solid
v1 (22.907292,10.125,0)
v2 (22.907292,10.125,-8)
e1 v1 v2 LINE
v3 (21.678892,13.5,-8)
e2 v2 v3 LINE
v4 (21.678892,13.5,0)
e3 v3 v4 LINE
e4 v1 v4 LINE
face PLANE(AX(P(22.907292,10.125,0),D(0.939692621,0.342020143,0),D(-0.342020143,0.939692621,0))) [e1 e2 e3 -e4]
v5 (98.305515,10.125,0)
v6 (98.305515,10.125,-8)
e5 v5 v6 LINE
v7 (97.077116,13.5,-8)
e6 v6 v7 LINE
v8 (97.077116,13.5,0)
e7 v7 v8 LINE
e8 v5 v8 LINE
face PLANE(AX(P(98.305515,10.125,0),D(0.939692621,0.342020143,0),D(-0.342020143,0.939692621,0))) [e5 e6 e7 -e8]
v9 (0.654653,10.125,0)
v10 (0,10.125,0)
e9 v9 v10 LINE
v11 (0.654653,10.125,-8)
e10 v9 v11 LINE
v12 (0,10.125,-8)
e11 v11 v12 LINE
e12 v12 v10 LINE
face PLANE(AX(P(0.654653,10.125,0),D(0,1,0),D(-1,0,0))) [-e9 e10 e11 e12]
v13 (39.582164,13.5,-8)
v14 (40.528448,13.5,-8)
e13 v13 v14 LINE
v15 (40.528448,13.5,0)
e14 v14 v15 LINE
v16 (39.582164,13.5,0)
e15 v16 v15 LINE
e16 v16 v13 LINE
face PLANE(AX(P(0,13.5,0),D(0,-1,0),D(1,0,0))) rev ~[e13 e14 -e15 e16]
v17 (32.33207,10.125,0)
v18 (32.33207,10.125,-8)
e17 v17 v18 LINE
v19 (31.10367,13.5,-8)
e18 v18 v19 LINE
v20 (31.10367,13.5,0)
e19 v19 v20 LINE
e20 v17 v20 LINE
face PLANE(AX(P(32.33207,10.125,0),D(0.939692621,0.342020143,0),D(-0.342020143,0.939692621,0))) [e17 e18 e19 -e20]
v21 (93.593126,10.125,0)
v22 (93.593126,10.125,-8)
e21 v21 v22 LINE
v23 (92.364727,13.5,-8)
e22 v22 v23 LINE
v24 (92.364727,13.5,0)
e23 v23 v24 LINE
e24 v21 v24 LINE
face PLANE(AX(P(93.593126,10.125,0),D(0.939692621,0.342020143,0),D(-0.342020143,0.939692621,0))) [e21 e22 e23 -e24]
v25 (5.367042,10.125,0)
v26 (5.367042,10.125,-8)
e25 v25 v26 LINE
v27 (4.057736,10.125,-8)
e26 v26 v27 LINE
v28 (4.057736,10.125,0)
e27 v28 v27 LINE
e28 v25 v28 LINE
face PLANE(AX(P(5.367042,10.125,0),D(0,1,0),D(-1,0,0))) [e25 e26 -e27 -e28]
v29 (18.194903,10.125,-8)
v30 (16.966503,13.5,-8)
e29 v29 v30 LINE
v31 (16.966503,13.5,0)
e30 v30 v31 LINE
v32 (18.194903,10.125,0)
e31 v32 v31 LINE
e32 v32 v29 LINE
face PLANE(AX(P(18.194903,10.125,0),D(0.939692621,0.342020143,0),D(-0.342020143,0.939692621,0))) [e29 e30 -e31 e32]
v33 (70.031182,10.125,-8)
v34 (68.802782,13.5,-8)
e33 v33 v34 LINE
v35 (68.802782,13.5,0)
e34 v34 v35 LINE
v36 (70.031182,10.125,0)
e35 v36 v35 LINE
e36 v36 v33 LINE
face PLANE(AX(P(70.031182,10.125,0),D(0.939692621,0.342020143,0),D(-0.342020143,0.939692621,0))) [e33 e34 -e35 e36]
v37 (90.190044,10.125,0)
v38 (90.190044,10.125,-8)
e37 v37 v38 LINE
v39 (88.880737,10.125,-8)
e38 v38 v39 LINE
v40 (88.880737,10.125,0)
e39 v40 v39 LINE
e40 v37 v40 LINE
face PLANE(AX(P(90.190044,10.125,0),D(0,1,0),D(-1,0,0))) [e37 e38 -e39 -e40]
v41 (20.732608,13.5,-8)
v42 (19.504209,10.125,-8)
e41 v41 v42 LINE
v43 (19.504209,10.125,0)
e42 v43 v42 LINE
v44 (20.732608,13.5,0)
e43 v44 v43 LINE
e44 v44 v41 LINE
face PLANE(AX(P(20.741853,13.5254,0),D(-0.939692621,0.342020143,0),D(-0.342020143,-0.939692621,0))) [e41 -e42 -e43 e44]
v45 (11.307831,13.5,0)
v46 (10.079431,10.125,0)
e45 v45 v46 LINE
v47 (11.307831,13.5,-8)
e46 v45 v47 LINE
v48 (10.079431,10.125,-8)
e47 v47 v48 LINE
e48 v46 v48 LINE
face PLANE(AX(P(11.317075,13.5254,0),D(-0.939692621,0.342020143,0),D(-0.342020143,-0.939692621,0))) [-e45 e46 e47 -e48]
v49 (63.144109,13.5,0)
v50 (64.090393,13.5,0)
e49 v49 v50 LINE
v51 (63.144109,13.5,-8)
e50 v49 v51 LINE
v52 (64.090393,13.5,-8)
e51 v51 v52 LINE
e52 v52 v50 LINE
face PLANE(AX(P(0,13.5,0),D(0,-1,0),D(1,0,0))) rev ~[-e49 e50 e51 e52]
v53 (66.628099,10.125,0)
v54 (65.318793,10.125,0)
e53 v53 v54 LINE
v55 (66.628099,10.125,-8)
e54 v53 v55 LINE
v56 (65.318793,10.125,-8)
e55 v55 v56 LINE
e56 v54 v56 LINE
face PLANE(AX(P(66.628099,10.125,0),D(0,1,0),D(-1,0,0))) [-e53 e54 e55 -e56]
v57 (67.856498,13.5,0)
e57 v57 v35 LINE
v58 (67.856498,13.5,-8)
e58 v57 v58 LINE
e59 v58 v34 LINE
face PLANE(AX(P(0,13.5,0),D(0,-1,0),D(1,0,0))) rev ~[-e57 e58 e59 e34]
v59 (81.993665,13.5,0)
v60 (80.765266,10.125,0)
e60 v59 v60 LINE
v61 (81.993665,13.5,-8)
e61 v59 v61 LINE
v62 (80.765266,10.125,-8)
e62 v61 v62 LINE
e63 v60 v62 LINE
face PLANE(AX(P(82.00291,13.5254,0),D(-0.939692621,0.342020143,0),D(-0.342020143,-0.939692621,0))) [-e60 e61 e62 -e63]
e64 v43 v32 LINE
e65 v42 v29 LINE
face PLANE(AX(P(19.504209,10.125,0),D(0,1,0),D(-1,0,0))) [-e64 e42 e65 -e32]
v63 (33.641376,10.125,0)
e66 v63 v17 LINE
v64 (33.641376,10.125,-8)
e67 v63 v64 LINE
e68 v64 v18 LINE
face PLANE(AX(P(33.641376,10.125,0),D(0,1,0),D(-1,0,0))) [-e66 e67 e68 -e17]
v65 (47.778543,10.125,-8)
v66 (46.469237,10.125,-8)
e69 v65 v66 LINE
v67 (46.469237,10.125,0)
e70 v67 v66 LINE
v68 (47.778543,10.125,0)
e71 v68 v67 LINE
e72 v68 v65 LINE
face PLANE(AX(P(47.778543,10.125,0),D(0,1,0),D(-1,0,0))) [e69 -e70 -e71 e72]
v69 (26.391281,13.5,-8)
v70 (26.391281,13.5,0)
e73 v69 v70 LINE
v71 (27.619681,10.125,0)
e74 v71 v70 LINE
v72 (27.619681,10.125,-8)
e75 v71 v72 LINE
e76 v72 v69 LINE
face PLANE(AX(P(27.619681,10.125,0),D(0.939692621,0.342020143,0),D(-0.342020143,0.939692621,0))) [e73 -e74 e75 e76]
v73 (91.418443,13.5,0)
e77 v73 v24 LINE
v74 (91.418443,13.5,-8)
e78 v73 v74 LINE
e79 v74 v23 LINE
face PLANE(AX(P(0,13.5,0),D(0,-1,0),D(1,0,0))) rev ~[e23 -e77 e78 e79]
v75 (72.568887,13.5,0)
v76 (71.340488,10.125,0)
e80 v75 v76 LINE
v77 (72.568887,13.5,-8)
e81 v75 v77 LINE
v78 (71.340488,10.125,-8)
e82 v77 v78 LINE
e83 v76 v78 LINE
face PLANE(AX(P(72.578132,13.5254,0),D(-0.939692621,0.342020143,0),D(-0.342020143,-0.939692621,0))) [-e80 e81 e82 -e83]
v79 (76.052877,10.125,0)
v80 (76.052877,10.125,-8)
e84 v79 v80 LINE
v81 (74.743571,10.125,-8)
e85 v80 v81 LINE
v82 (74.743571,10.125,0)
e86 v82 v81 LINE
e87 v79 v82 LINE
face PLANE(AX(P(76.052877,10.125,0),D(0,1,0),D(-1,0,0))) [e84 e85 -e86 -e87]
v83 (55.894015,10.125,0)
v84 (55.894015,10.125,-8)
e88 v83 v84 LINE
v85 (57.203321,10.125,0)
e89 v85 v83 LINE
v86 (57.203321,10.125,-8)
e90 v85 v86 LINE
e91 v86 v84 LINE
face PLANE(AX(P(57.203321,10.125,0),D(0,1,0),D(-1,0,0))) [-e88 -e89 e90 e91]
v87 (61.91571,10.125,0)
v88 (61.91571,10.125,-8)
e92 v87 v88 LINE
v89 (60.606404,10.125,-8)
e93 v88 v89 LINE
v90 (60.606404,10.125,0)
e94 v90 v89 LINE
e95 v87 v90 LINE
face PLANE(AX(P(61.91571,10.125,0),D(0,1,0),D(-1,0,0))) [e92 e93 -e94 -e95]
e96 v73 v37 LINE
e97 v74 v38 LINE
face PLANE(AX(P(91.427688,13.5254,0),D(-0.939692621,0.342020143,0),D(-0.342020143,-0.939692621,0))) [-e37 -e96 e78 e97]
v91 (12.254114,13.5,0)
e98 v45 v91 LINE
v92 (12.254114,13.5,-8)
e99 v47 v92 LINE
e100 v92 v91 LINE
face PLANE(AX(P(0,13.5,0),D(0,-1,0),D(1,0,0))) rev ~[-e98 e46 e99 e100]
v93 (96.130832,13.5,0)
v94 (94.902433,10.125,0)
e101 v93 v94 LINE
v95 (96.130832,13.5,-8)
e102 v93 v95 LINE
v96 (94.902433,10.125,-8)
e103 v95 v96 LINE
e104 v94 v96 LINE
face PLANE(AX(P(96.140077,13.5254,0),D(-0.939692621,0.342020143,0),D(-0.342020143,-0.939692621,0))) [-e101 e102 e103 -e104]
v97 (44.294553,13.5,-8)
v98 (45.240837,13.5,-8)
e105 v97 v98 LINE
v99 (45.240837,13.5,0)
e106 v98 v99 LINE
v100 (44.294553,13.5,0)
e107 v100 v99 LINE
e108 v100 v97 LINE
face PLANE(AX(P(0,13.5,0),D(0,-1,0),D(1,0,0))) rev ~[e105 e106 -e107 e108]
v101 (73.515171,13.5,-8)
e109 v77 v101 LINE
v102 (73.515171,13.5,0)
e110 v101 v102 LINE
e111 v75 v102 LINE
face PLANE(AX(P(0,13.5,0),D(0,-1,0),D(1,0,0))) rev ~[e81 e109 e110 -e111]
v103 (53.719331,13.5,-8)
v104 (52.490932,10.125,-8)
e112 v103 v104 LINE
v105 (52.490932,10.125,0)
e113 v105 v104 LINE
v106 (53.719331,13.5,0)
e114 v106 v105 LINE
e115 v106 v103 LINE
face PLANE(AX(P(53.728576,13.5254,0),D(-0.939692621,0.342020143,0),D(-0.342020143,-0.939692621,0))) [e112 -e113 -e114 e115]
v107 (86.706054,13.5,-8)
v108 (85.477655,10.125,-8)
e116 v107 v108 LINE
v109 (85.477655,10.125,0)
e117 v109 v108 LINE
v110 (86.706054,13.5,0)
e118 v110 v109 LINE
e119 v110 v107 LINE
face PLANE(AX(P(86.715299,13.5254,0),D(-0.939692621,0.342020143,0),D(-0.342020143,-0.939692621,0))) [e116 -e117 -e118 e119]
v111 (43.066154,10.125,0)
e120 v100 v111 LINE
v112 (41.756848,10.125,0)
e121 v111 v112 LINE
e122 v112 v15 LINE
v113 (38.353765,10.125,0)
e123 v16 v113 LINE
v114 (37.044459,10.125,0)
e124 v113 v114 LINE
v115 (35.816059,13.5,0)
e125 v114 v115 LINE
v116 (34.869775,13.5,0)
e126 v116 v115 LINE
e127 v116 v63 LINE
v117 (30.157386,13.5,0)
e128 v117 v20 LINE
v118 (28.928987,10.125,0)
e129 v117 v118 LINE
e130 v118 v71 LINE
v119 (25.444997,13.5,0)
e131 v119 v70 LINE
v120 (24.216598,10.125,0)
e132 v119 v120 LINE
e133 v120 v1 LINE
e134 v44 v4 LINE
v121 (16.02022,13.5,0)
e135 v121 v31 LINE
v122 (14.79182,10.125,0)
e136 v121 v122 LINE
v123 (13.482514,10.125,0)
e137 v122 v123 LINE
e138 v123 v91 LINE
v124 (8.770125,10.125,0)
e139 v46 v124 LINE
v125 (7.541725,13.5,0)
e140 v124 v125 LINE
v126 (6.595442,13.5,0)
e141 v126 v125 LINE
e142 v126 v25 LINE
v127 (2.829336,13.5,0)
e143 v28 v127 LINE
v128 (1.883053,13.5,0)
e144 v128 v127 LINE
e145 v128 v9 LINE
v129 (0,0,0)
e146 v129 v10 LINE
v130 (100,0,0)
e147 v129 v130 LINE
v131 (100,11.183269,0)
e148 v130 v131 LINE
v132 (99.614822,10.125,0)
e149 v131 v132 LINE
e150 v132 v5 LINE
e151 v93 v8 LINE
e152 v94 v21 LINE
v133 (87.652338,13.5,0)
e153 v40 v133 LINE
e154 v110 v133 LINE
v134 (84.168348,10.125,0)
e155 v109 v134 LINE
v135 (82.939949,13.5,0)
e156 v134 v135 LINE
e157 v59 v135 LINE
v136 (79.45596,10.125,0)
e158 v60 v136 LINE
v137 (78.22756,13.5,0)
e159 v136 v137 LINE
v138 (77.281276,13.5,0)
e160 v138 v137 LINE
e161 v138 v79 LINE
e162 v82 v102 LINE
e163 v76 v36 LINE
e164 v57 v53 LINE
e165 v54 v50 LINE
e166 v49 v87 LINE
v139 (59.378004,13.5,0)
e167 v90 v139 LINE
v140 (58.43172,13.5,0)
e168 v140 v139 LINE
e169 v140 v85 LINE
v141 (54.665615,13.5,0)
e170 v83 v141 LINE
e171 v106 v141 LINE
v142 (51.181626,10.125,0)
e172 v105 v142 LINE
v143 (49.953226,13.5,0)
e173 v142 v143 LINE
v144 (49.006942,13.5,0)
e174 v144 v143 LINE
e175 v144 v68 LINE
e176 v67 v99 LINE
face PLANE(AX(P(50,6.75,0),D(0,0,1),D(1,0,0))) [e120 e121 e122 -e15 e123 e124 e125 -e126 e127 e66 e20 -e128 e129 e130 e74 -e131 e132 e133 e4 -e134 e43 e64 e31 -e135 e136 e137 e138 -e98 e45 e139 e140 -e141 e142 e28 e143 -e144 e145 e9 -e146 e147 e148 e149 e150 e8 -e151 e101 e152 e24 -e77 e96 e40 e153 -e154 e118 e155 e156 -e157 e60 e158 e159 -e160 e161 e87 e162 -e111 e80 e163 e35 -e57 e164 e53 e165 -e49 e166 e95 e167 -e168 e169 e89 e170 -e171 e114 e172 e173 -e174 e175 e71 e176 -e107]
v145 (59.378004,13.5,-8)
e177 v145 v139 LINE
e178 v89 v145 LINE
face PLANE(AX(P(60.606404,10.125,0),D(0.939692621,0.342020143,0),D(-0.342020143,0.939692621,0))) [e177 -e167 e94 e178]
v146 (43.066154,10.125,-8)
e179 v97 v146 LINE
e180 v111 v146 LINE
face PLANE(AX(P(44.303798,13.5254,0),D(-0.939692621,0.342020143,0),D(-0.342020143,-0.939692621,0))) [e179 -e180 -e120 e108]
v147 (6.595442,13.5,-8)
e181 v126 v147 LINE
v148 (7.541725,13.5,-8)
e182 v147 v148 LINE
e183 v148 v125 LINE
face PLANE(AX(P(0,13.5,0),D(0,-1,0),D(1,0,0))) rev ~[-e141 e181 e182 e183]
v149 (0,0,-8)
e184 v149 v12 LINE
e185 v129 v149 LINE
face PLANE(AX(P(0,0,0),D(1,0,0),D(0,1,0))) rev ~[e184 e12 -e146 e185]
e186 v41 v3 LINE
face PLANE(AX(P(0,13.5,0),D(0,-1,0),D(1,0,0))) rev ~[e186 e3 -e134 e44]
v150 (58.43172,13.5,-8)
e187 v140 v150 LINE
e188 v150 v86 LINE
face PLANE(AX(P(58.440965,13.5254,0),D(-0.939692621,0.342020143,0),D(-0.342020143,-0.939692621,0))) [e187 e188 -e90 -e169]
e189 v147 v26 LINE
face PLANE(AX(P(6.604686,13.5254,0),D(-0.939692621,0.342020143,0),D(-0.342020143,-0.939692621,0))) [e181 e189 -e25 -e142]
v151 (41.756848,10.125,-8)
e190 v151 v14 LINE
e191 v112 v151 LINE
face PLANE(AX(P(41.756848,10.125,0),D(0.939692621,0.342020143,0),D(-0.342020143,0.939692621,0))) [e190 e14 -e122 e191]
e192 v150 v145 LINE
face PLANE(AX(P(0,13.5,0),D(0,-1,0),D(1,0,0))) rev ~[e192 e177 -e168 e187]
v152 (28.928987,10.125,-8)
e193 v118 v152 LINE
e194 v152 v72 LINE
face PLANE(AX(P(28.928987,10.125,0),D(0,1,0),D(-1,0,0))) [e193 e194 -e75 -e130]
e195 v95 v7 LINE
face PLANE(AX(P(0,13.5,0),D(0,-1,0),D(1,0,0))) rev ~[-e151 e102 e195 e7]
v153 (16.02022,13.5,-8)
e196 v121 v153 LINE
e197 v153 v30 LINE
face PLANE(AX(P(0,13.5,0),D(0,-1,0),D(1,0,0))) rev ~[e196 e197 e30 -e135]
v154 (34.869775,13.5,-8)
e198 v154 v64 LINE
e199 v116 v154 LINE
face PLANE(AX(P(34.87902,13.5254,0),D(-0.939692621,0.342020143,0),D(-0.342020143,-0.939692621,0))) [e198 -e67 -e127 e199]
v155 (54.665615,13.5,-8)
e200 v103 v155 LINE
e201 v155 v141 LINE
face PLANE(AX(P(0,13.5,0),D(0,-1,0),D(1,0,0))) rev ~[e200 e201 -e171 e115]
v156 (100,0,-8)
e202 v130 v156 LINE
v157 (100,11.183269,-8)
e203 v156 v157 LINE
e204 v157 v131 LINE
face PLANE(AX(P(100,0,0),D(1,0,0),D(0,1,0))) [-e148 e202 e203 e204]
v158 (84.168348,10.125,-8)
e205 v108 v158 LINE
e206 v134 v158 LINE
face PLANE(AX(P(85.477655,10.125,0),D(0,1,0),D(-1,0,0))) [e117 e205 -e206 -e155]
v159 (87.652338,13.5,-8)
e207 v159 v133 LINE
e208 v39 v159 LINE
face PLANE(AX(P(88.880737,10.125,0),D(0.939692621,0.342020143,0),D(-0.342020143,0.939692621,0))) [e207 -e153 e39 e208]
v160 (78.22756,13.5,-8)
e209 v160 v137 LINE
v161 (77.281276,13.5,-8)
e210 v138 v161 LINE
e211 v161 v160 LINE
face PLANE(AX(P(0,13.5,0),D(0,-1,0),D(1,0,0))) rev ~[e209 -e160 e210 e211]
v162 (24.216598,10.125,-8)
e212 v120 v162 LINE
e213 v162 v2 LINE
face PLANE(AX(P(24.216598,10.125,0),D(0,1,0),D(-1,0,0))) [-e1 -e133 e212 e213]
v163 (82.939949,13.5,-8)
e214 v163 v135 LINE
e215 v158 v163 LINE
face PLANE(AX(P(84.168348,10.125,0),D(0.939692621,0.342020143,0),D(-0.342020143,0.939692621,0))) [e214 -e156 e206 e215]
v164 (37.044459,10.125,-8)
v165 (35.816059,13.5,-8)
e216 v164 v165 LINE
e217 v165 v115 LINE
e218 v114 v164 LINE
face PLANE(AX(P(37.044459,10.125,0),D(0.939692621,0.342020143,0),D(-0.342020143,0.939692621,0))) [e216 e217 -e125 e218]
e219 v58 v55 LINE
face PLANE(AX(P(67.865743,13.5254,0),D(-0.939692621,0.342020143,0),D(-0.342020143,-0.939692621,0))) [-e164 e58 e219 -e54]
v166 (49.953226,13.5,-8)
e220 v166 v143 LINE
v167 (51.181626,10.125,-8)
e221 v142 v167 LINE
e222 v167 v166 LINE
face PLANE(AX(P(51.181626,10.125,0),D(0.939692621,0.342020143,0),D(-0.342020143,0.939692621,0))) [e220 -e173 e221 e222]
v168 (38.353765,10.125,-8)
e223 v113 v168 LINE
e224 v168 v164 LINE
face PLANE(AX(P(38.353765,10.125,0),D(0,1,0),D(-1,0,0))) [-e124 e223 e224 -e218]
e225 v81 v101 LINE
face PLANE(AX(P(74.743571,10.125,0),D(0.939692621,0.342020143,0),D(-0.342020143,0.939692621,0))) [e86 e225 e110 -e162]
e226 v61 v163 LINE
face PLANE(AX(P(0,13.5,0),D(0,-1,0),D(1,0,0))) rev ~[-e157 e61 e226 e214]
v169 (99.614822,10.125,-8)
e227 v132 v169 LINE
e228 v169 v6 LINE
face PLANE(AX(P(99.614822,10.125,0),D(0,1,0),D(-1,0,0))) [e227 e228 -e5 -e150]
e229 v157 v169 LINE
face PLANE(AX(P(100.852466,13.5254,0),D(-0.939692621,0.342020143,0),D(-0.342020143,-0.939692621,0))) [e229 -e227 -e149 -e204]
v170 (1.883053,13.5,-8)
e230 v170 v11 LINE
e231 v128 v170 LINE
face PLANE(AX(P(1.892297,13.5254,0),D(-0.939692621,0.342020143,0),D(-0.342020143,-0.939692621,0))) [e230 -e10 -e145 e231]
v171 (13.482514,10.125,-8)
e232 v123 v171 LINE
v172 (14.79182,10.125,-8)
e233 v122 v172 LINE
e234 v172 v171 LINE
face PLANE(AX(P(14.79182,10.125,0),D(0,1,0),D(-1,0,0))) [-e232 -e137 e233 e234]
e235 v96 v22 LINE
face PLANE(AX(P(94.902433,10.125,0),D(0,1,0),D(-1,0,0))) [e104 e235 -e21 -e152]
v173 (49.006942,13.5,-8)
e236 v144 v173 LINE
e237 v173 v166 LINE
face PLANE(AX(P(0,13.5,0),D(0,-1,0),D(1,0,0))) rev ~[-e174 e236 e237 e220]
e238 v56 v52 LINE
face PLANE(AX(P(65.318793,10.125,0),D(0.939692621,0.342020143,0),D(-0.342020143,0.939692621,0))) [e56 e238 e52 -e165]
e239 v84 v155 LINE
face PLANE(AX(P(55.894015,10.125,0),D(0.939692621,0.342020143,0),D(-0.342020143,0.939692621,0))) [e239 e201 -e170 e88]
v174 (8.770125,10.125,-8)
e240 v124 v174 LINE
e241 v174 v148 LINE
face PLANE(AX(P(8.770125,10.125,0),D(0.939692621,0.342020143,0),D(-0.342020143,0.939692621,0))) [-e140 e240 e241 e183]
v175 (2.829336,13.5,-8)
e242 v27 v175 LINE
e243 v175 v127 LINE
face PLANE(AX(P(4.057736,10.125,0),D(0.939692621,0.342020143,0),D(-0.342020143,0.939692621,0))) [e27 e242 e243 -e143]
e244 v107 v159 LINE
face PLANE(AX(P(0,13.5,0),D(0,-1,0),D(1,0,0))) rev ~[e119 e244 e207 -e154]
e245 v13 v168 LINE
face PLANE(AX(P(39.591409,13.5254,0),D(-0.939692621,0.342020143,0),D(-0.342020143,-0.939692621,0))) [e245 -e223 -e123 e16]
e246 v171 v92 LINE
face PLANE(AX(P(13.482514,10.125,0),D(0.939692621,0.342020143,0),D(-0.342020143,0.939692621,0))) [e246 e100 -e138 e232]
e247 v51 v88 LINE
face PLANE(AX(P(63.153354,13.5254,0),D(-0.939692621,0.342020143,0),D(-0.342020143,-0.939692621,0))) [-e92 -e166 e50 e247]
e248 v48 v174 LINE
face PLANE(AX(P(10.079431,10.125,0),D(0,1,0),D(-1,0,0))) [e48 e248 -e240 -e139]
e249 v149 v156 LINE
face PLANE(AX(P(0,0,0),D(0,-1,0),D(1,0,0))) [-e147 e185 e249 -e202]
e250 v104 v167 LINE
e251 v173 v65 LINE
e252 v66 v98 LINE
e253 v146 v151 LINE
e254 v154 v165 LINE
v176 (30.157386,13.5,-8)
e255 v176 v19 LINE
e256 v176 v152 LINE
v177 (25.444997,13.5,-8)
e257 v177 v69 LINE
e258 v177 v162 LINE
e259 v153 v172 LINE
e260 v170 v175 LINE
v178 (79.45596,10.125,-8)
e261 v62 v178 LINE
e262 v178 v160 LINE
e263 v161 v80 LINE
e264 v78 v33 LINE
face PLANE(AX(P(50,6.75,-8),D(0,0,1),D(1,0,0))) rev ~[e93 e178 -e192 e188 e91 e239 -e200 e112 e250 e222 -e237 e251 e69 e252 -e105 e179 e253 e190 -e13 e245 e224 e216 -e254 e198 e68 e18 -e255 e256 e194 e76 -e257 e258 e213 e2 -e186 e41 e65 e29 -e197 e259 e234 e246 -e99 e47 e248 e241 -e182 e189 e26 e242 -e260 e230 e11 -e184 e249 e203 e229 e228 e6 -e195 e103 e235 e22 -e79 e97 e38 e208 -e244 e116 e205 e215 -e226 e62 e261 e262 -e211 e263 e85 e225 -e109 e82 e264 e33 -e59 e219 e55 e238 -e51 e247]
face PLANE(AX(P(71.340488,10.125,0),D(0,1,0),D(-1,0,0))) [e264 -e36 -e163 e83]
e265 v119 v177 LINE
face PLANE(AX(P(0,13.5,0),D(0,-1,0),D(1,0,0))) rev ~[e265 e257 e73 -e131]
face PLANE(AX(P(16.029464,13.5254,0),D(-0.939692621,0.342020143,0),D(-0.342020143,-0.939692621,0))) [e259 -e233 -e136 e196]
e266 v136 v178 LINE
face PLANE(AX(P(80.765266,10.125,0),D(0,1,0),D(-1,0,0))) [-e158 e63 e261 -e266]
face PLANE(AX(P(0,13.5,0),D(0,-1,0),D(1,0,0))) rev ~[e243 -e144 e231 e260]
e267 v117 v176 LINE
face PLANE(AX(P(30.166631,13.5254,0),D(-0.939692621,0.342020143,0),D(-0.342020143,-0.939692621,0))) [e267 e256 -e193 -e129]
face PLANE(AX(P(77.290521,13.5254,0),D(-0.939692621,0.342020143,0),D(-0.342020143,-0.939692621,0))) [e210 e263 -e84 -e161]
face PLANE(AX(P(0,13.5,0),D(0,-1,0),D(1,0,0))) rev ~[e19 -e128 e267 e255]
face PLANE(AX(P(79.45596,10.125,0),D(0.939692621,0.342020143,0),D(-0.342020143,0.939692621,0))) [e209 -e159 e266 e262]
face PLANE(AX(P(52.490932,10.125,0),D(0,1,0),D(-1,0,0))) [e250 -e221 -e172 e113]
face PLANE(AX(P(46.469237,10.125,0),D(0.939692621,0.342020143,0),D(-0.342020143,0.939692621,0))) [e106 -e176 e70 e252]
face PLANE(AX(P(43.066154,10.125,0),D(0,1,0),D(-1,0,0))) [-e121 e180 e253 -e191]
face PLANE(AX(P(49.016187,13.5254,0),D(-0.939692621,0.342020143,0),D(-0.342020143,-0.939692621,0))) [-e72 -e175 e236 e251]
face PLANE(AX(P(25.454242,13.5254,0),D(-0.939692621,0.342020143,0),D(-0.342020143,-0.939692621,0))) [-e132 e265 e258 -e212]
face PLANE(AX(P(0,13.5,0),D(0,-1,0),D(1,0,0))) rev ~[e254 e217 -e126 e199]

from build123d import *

# Parameters (mm, degrees)
BLANKSKE_W        = 100
BLANKSKE_H        = 13.5
BLANK_DEPTH       = 8
TOOTHCUTSIM_DEPTH = 102.223762032
TEETHCUTS_COUNT   = 22
TEETHCUTS_PITCH   = 4.712388975


with BuildPart() as part:
    # BlankSke → Blank (new body)
    with BuildSketch(Plane.XY):
        with Locations((50, 6.75)):
            Rectangle(BLANKSKE_W, BLANKSKE_H)
    extrude(amount=-BLANK_DEPTH)

    # TooCutSkeSim → ToothCutSim (cut, through all)
    with BuildSketch(Plane.XY):
        Polygon((0.654653055, 10.125), (-0.654653055, 10.125), (-1.892297439, 13.5254), (1.892297439, 13.5254), align=None)
    toothcutsim = extrude(amount=-TOOTHCUTSIM_DEPTH, mode=Mode.SUBTRACT)

    # TeethCuts: ToothCutSim ×22
    with Locations(*[(i * TEETHCUTS_PITCH, 0, 0) for i in range(1, TEETHCUTS_COUNT)]):
        add(toothcutsim, mode=Mode.SUBTRACT)


solid = part.part
